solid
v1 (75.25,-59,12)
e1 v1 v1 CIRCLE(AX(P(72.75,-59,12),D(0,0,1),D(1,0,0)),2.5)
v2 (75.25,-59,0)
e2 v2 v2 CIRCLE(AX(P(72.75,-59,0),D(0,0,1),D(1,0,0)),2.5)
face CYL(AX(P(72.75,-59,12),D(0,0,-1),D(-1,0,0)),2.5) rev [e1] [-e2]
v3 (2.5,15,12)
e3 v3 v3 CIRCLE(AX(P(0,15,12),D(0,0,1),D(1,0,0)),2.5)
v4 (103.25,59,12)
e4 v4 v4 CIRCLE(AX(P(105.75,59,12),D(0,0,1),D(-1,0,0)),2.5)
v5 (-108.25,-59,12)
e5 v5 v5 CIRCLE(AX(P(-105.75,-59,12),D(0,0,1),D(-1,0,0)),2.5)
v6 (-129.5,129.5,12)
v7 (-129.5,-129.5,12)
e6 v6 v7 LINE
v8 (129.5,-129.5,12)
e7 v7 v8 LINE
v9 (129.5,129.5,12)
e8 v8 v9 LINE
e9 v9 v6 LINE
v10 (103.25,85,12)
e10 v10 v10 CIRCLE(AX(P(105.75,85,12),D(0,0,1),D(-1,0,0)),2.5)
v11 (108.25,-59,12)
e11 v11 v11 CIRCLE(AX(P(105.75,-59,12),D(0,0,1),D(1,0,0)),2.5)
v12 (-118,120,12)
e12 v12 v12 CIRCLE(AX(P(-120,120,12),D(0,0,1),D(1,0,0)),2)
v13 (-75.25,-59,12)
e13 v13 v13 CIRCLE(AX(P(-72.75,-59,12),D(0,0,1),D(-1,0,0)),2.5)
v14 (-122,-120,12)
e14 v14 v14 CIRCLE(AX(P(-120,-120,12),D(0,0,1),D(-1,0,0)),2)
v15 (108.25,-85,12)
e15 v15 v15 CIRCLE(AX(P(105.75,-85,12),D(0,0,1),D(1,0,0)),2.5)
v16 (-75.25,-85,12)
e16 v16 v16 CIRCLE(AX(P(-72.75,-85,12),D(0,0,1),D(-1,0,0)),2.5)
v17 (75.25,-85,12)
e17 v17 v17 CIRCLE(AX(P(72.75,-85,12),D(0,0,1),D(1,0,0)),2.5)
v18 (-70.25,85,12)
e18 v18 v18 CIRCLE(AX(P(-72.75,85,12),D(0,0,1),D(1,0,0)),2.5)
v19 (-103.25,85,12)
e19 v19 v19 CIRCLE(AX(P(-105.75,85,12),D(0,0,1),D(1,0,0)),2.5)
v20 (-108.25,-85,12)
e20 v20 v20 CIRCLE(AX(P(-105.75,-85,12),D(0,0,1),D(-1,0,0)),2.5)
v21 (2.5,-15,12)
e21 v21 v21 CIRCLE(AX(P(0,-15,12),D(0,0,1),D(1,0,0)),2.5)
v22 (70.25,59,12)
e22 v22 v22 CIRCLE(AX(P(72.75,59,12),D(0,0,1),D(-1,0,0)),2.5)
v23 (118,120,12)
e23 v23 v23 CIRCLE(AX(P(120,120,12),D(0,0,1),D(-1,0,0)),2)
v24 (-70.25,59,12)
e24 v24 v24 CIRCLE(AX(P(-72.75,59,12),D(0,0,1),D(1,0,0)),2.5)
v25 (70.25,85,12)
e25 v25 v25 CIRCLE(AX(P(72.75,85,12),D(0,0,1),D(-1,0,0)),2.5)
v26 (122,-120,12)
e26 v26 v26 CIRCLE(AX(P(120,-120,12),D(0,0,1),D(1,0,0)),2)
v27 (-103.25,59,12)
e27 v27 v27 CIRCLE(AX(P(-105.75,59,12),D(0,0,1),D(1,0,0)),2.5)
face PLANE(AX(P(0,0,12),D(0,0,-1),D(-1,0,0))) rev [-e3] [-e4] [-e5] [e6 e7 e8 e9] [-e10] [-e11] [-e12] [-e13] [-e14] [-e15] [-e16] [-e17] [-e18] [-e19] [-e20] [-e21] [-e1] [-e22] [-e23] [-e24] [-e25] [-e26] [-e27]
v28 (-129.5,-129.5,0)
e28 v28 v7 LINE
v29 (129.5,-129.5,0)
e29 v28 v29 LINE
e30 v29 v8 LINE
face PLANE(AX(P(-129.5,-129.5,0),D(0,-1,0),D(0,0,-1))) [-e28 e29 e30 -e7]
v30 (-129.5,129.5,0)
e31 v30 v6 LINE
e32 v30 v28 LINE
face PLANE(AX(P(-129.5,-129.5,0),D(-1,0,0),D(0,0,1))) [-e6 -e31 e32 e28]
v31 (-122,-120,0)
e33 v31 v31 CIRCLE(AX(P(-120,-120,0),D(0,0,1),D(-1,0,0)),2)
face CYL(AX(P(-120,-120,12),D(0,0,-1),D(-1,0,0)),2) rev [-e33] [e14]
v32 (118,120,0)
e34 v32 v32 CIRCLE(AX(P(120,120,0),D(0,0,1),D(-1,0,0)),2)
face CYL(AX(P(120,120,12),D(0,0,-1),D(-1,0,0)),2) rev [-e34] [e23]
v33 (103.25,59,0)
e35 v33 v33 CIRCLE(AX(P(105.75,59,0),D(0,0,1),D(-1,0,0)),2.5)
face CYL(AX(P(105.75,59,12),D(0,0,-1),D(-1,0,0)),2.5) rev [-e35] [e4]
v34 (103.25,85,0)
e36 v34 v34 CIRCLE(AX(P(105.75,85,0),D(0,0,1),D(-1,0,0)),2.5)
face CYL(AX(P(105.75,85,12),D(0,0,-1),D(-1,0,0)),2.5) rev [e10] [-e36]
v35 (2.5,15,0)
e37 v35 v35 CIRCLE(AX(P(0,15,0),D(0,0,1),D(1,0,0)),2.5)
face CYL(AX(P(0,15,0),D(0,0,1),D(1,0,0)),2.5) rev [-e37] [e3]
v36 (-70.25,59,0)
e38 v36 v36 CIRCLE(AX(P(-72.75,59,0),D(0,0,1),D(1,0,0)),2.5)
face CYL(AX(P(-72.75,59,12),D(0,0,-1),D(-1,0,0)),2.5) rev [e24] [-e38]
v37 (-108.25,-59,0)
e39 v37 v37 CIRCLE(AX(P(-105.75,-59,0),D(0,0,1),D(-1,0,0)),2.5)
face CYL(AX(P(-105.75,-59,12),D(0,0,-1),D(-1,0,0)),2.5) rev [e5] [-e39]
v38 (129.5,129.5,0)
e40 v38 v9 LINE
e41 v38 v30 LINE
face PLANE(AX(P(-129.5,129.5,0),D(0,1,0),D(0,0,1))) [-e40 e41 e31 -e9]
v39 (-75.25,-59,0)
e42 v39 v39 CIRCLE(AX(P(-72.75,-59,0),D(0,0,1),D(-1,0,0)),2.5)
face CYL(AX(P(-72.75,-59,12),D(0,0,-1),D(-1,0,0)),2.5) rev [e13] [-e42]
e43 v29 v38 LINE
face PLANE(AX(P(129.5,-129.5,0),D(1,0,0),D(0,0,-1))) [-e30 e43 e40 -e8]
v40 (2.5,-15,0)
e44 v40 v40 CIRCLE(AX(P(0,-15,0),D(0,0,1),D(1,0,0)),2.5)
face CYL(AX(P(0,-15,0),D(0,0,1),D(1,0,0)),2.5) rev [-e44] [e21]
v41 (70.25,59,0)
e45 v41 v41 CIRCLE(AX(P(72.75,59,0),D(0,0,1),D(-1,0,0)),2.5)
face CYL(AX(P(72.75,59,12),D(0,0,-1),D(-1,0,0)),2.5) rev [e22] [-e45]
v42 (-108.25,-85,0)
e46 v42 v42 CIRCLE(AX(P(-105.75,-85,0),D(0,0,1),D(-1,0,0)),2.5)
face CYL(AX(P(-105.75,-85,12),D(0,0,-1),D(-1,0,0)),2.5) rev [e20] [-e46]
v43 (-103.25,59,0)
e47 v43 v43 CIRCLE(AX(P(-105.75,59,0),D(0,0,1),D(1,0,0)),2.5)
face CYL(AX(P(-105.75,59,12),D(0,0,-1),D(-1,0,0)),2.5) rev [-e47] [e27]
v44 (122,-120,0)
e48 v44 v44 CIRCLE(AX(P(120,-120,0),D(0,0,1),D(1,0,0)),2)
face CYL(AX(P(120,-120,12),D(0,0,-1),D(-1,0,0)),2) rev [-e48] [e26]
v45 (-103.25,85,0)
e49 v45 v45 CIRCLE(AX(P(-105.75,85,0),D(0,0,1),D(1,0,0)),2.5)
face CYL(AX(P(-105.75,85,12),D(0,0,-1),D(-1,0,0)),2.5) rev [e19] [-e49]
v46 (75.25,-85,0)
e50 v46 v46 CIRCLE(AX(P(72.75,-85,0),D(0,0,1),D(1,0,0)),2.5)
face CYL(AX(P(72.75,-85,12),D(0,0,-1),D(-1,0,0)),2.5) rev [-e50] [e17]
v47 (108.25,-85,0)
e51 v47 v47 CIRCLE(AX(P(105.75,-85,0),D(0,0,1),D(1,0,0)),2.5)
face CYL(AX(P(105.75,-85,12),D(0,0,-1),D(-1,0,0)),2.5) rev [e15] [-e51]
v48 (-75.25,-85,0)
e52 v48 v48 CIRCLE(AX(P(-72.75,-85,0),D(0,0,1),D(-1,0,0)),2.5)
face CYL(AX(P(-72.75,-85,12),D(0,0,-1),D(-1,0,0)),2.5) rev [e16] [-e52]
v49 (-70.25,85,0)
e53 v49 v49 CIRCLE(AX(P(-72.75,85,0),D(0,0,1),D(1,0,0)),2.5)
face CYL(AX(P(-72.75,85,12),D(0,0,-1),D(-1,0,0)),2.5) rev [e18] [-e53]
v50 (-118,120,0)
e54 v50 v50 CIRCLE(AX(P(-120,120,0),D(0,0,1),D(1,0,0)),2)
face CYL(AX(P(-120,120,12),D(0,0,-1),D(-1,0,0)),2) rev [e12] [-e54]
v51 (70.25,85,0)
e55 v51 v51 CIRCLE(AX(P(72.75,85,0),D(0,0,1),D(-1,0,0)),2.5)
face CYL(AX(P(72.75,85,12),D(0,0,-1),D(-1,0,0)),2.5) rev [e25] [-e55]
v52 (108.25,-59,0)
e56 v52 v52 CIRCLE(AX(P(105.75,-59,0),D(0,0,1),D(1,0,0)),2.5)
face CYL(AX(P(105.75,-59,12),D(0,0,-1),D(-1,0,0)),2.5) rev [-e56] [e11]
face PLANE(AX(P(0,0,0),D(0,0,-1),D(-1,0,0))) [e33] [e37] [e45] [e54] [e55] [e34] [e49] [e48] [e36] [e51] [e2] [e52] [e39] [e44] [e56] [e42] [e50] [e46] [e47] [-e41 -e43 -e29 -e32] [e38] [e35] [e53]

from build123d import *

# Parameters (mm, degrees)
IZIM1_W                     = 320
IZIM1_H                     = 320
IZIM1_R                     = 2.5
IZIM1_R_2                   = 2
Y_KSEKLIK_EKSTR_ZYON1_DEPTH = 12
SKETCH2_W                   = 320
SKETCH2_H                   = 320
SKETCH2_W_2                 = 310
SKETCH2_H_2                 = 310
CUT_EXTRUDE1_DEPTH          = 10
SKETCH3_OUTSIDE_W           = 412.542
SKETCH3_OUTSIDE_H           = 412.542
SKETCH3_OUTSIDE_W_2         = 259
SKETCH3_OUTSIDE_H_2         = 259
CUT_EXTRUDE2_DEPTH          = 227.592144612
SKETCH4_R                   = 2.5
CUT_EXTRUDE3_DEPTH          = 184.533375711


with BuildPart() as part:
    # Çizim1 → Yükseklik-Ekstrüzyon1 (new body)
    with BuildSketch(Plane.XY):
        Rectangle(IZIM1_W, IZIM1_H)
        with Locations((-105.75, 85)):
            Circle(IZIM1_R, mode=Mode.SUBTRACT)
        with Locations((-72.75, 85)):
            Circle(IZIM1_R, mode=Mode.SUBTRACT)
        with Locations((-105.75, 59)):
            Circle(IZIM1_R, mode=Mode.SUBTRACT)
        with Locations((-72.75, 59)):
            Circle(IZIM1_R, mode=Mode.SUBTRACT)
        with Locations((-120, 120)):
            Circle(IZIM1_R_2, mode=Mode.SUBTRACT)
        with Locations(Location((-105.75, -59, 0), (0, 0, 180))):
            Circle(IZIM1_R, mode=Mode.SUBTRACT)
        with Locations(Location((-105.75, -85, 0), (0, 0, 180))):
            Circle(IZIM1_R, mode=Mode.SUBTRACT)
        with Locations(Location((-120, -120, 0), (0, 0, 180))):
            Circle(IZIM1_R_2, mode=Mode.SUBTRACT)
        with Locations(Location((-72.75, -59, 0), (0, 0, 180))):
            Circle(IZIM1_R, mode=Mode.SUBTRACT)
        with Locations(Location((-72.75, -85, 0), (0, 0, 180))):
            Circle(IZIM1_R, mode=Mode.SUBTRACT)
        with Locations((72.75, -85)):
            Circle(IZIM1_R, mode=Mode.SUBTRACT)
        with Locations((72.75, -59)):
            Circle(IZIM1_R, mode=Mode.SUBTRACT)
        with Locations((120, -120)):
            Circle(IZIM1_R_2, mode=Mode.SUBTRACT)
        with Locations((105.75, -85)):
            Circle(IZIM1_R, mode=Mode.SUBTRACT)
        with Locations((105.75, -59)):
            Circle(IZIM1_R, mode=Mode.SUBTRACT)
        with Locations(Location((120, 120, 0), (0, 0, 180))):
            Circle(IZIM1_R_2, mode=Mode.SUBTRACT)
        with Locations(Location((72.75, 59, 0), (0, 0, 180))):
            Circle(IZIM1_R, mode=Mode.SUBTRACT)
        with Locations(Location((105.75, 59, 0), (0, 0, 180))):
            Circle(IZIM1_R, mode=Mode.SUBTRACT)
        with Locations(Location((72.75, 85, 0), (0, 0, 180))):
            Circle(IZIM1_R, mode=Mode.SUBTRACT)
        with Locations(Location((105.75, 85, 0), (0, 0, 180))):
            Circle(IZIM1_R, mode=Mode.SUBTRACT)
    extrude(amount=Y_KSEKLIK_EKSTR_ZYON1_DEPTH)

    # Sketch2 → Cut-Extrude1 (cut)
    with BuildSketch(Plane.XY.offset(12)):
        Rectangle(SKETCH2_W, SKETCH2_H)
        Rectangle(SKETCH2_W_2, SKETCH2_H_2, mode=Mode.SUBTRACT)
    extrude(amount=-CUT_EXTRUDE1_DEPTH, mode=Mode.SUBTRACT)

    # Sketch3 outside → Cut-Extrude2 (cut, through all)
    with BuildSketch(Plane.XY.offset(12)):
        Rectangle(SKETCH3_OUTSIDE_W, SKETCH3_OUTSIDE_H)
        Rectangle(SKETCH3_OUTSIDE_W_2, SKETCH3_OUTSIDE_H_2, mode=Mode.SUBTRACT)
    extrude(amount=-CUT_EXTRUDE2_DEPTH, mode=Mode.SUBTRACT)

    # Sketch4 → Cut-Extrude3 (cut, through all)
    with BuildSketch(Plane.XY.offset(12)):
        with Locations((0, 15)):
            Circle(SKETCH4_R)
        with Locations((0, -15)):
            Circle(SKETCH4_R)
    extrude(amount=-CUT_EXTRUDE3_DEPTH, mode=Mode.SUBTRACT)


solid = part.part
